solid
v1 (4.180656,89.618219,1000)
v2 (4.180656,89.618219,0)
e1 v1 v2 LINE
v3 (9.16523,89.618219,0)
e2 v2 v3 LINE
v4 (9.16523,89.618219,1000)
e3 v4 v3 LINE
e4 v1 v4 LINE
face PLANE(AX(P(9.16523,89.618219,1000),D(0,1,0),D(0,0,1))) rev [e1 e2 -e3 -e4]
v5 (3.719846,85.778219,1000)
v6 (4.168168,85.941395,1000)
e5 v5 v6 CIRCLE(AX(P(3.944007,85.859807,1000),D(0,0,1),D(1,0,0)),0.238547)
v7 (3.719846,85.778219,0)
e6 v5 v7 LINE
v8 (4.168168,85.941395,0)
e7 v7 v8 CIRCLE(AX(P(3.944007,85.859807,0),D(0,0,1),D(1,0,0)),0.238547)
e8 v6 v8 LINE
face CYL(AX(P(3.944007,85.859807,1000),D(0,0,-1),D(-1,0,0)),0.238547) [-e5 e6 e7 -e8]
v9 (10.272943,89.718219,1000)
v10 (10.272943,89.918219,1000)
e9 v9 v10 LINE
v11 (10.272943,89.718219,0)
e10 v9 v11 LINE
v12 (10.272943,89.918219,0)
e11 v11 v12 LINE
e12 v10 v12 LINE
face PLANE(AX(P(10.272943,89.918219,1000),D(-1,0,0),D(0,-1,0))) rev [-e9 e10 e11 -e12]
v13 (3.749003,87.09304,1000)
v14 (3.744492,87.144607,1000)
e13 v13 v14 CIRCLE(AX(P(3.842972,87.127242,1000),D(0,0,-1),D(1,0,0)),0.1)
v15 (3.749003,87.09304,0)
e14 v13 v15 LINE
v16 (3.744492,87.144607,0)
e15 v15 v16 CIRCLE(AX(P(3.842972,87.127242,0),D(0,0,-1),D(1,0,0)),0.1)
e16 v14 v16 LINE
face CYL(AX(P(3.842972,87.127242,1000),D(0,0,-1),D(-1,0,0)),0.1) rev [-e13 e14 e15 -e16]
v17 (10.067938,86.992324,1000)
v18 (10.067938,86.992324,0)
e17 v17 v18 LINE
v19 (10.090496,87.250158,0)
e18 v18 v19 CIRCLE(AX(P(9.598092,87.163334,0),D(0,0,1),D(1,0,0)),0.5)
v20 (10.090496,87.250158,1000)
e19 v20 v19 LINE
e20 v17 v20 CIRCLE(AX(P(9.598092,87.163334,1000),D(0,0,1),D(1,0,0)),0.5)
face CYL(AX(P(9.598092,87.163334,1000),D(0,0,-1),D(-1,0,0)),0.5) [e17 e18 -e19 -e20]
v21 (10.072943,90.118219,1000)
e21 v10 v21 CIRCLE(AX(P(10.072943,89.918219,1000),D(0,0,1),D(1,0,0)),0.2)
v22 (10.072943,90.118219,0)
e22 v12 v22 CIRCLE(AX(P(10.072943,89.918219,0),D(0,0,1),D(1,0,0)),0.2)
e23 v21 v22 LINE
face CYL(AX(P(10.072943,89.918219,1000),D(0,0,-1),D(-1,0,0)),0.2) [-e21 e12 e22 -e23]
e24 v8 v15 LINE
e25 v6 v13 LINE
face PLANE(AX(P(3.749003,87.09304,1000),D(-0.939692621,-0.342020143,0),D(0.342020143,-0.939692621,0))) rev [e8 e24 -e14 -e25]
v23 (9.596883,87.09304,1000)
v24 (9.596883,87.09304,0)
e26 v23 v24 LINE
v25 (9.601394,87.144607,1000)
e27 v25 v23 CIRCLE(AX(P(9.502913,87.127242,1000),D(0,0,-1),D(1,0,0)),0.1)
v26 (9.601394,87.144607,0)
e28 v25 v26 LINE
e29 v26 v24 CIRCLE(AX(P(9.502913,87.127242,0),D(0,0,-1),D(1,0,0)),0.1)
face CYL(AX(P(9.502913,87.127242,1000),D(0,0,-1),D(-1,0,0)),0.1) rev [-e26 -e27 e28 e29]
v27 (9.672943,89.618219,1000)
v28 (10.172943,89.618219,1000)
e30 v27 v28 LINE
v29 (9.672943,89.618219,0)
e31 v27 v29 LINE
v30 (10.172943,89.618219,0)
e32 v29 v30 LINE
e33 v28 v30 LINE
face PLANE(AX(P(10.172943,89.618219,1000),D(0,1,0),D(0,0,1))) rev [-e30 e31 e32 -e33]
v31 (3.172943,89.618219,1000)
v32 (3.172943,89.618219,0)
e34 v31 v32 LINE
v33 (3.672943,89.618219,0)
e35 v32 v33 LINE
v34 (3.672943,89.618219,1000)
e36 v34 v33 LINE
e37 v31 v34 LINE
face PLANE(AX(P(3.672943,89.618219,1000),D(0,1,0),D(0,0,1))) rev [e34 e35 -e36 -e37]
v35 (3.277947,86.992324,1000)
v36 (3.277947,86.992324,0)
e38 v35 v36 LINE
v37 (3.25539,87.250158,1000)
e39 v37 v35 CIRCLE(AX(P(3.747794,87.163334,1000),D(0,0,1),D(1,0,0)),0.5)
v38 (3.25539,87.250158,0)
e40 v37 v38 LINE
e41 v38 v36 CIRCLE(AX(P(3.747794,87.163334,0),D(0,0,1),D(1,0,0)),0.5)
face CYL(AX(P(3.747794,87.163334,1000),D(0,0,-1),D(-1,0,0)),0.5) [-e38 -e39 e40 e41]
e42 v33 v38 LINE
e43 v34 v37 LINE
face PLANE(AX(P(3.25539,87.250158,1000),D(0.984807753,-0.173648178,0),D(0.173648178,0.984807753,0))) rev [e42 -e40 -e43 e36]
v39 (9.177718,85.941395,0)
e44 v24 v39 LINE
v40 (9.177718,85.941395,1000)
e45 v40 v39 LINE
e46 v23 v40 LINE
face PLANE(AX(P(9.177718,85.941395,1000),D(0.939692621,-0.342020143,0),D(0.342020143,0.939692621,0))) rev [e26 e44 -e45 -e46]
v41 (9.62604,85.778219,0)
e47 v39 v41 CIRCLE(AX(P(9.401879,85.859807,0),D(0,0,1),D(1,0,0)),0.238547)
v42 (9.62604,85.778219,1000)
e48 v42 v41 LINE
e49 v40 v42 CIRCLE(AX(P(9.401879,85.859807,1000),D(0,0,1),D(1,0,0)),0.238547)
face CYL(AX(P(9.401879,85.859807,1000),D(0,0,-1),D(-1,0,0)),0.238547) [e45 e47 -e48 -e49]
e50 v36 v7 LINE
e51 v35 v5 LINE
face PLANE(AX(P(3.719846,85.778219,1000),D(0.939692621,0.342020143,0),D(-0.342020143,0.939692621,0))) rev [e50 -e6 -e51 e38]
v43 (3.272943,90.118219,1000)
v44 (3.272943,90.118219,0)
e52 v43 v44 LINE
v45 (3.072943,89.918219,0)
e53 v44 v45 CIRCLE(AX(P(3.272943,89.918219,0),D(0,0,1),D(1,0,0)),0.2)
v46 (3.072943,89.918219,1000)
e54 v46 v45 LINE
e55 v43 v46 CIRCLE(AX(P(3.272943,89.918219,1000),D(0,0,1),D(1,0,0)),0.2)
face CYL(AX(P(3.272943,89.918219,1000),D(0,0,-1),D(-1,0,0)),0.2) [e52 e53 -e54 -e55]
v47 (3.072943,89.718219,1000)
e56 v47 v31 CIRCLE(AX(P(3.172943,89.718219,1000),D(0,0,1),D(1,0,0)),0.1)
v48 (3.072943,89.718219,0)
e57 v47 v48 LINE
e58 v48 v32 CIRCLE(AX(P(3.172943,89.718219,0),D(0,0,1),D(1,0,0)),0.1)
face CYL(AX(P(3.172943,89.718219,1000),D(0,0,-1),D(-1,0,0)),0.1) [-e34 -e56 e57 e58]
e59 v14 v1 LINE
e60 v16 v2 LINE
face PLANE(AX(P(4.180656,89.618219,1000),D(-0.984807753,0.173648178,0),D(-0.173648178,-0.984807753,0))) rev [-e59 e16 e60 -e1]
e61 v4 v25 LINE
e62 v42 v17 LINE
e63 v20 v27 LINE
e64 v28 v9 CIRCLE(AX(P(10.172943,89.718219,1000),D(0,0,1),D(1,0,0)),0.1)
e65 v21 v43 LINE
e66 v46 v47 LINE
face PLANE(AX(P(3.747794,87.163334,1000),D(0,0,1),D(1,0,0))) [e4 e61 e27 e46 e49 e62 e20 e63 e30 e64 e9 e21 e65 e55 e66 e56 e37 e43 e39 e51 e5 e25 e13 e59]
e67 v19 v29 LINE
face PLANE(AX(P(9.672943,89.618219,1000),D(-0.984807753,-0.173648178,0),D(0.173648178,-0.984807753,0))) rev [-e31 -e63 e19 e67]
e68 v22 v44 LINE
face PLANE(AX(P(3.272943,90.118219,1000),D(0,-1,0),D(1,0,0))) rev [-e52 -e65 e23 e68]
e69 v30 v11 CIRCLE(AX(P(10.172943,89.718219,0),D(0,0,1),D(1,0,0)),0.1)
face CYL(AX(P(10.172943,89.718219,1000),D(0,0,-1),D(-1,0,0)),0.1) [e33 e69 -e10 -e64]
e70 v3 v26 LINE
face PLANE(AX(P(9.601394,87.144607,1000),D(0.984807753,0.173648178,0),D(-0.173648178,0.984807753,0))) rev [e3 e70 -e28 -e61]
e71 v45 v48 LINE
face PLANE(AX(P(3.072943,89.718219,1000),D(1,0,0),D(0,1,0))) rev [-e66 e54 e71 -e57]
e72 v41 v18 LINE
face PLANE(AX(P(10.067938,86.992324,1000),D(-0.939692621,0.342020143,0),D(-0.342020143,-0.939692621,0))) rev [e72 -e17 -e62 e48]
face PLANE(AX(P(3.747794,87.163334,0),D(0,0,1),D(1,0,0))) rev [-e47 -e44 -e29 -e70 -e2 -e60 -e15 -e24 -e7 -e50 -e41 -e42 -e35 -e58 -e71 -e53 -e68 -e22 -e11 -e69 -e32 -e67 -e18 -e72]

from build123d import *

# Parameters (mm, degrees)
EXTRUDE_1_DEPTH = 1000


with BuildPart() as part:
    # 草图1 → 拉伸1 (new body)
    with BuildSketch(Plane.XY):
        with BuildLine():
            Line((3.719845542, 85.778219074), (3.277947439, 86.992324134))
            ThreePointArc((3.277947439, 86.992324134), (3.2496964, 87.119756335), (3.255389873, 87.250158295))
            Line((3.255389873, 87.250158295), (3.67294288, 89.618219074))
            Line((3.67294288, 89.618219074), (3.17294288, 89.618219074))
            ThreePointArc((3.17294288, 89.618219074), (3.102232202, 89.647508396), (3.07294288, 89.718219074))
            Line((3.07294288, 89.718219074), (3.07294288, 89.918219074))
            ThreePointArc((3.07294288, 89.918219074), (3.131521524, 90.05964043), (3.27294288, 90.118219074))
            Line((3.27294288, 90.118219074), (10.07294288, 90.118219074))
            ThreePointArc((10.07294288, 90.118219074), (10.214364237, 90.05964043), (10.27294288, 89.918219074))
            Line((10.27294288, 89.918219074), (10.27294288, 89.718219074))
            ThreePointArc((10.27294288, 89.718219074), (10.243653558, 89.647508396), (10.17294288, 89.618219074))
            Line((10.17294288, 89.618219074), (9.67294288, 89.618219074))
            Line((9.67294288, 89.618219074), (10.090495888, 87.250158295))
            ThreePointArc((10.090495888, 87.250158295), (10.09618936, 87.119756335), (10.067938321, 86.992324134))
            Line((10.067938321, 86.992324134), (9.626040218, 85.778219074))
            ThreePointArc((9.626040218, 85.778219074), (9.320291197, 85.635645964), (9.177718087, 85.941394985))
            Line((9.177718087, 85.941394985), (9.596882624, 87.093040086))
            ThreePointArc((9.596882624, 87.093040086), (9.602532832, 87.118526526), (9.601394137, 87.144606918))
            Line((9.601394137, 87.144606918), (9.165229574, 89.618219074))
            Line((9.165229574, 89.618219074), (4.180656186, 89.618219074))
            Line((4.180656186, 89.618219074), (3.744491623, 87.144606918))
            ThreePointArc((3.744491623, 87.144606918), (3.743352929, 87.118526526), (3.749003137, 87.093040086))
            Line((3.749003137, 87.093040086), (4.168167674, 85.941394985))
            ThreePointArc((4.168167674, 85.941394985), (4.025594564, 85.635645964), (3.719845542, 85.778219074))
        make_face()
    extrude(amount=EXTRUDE_1_DEPTH)


solid = part.part
